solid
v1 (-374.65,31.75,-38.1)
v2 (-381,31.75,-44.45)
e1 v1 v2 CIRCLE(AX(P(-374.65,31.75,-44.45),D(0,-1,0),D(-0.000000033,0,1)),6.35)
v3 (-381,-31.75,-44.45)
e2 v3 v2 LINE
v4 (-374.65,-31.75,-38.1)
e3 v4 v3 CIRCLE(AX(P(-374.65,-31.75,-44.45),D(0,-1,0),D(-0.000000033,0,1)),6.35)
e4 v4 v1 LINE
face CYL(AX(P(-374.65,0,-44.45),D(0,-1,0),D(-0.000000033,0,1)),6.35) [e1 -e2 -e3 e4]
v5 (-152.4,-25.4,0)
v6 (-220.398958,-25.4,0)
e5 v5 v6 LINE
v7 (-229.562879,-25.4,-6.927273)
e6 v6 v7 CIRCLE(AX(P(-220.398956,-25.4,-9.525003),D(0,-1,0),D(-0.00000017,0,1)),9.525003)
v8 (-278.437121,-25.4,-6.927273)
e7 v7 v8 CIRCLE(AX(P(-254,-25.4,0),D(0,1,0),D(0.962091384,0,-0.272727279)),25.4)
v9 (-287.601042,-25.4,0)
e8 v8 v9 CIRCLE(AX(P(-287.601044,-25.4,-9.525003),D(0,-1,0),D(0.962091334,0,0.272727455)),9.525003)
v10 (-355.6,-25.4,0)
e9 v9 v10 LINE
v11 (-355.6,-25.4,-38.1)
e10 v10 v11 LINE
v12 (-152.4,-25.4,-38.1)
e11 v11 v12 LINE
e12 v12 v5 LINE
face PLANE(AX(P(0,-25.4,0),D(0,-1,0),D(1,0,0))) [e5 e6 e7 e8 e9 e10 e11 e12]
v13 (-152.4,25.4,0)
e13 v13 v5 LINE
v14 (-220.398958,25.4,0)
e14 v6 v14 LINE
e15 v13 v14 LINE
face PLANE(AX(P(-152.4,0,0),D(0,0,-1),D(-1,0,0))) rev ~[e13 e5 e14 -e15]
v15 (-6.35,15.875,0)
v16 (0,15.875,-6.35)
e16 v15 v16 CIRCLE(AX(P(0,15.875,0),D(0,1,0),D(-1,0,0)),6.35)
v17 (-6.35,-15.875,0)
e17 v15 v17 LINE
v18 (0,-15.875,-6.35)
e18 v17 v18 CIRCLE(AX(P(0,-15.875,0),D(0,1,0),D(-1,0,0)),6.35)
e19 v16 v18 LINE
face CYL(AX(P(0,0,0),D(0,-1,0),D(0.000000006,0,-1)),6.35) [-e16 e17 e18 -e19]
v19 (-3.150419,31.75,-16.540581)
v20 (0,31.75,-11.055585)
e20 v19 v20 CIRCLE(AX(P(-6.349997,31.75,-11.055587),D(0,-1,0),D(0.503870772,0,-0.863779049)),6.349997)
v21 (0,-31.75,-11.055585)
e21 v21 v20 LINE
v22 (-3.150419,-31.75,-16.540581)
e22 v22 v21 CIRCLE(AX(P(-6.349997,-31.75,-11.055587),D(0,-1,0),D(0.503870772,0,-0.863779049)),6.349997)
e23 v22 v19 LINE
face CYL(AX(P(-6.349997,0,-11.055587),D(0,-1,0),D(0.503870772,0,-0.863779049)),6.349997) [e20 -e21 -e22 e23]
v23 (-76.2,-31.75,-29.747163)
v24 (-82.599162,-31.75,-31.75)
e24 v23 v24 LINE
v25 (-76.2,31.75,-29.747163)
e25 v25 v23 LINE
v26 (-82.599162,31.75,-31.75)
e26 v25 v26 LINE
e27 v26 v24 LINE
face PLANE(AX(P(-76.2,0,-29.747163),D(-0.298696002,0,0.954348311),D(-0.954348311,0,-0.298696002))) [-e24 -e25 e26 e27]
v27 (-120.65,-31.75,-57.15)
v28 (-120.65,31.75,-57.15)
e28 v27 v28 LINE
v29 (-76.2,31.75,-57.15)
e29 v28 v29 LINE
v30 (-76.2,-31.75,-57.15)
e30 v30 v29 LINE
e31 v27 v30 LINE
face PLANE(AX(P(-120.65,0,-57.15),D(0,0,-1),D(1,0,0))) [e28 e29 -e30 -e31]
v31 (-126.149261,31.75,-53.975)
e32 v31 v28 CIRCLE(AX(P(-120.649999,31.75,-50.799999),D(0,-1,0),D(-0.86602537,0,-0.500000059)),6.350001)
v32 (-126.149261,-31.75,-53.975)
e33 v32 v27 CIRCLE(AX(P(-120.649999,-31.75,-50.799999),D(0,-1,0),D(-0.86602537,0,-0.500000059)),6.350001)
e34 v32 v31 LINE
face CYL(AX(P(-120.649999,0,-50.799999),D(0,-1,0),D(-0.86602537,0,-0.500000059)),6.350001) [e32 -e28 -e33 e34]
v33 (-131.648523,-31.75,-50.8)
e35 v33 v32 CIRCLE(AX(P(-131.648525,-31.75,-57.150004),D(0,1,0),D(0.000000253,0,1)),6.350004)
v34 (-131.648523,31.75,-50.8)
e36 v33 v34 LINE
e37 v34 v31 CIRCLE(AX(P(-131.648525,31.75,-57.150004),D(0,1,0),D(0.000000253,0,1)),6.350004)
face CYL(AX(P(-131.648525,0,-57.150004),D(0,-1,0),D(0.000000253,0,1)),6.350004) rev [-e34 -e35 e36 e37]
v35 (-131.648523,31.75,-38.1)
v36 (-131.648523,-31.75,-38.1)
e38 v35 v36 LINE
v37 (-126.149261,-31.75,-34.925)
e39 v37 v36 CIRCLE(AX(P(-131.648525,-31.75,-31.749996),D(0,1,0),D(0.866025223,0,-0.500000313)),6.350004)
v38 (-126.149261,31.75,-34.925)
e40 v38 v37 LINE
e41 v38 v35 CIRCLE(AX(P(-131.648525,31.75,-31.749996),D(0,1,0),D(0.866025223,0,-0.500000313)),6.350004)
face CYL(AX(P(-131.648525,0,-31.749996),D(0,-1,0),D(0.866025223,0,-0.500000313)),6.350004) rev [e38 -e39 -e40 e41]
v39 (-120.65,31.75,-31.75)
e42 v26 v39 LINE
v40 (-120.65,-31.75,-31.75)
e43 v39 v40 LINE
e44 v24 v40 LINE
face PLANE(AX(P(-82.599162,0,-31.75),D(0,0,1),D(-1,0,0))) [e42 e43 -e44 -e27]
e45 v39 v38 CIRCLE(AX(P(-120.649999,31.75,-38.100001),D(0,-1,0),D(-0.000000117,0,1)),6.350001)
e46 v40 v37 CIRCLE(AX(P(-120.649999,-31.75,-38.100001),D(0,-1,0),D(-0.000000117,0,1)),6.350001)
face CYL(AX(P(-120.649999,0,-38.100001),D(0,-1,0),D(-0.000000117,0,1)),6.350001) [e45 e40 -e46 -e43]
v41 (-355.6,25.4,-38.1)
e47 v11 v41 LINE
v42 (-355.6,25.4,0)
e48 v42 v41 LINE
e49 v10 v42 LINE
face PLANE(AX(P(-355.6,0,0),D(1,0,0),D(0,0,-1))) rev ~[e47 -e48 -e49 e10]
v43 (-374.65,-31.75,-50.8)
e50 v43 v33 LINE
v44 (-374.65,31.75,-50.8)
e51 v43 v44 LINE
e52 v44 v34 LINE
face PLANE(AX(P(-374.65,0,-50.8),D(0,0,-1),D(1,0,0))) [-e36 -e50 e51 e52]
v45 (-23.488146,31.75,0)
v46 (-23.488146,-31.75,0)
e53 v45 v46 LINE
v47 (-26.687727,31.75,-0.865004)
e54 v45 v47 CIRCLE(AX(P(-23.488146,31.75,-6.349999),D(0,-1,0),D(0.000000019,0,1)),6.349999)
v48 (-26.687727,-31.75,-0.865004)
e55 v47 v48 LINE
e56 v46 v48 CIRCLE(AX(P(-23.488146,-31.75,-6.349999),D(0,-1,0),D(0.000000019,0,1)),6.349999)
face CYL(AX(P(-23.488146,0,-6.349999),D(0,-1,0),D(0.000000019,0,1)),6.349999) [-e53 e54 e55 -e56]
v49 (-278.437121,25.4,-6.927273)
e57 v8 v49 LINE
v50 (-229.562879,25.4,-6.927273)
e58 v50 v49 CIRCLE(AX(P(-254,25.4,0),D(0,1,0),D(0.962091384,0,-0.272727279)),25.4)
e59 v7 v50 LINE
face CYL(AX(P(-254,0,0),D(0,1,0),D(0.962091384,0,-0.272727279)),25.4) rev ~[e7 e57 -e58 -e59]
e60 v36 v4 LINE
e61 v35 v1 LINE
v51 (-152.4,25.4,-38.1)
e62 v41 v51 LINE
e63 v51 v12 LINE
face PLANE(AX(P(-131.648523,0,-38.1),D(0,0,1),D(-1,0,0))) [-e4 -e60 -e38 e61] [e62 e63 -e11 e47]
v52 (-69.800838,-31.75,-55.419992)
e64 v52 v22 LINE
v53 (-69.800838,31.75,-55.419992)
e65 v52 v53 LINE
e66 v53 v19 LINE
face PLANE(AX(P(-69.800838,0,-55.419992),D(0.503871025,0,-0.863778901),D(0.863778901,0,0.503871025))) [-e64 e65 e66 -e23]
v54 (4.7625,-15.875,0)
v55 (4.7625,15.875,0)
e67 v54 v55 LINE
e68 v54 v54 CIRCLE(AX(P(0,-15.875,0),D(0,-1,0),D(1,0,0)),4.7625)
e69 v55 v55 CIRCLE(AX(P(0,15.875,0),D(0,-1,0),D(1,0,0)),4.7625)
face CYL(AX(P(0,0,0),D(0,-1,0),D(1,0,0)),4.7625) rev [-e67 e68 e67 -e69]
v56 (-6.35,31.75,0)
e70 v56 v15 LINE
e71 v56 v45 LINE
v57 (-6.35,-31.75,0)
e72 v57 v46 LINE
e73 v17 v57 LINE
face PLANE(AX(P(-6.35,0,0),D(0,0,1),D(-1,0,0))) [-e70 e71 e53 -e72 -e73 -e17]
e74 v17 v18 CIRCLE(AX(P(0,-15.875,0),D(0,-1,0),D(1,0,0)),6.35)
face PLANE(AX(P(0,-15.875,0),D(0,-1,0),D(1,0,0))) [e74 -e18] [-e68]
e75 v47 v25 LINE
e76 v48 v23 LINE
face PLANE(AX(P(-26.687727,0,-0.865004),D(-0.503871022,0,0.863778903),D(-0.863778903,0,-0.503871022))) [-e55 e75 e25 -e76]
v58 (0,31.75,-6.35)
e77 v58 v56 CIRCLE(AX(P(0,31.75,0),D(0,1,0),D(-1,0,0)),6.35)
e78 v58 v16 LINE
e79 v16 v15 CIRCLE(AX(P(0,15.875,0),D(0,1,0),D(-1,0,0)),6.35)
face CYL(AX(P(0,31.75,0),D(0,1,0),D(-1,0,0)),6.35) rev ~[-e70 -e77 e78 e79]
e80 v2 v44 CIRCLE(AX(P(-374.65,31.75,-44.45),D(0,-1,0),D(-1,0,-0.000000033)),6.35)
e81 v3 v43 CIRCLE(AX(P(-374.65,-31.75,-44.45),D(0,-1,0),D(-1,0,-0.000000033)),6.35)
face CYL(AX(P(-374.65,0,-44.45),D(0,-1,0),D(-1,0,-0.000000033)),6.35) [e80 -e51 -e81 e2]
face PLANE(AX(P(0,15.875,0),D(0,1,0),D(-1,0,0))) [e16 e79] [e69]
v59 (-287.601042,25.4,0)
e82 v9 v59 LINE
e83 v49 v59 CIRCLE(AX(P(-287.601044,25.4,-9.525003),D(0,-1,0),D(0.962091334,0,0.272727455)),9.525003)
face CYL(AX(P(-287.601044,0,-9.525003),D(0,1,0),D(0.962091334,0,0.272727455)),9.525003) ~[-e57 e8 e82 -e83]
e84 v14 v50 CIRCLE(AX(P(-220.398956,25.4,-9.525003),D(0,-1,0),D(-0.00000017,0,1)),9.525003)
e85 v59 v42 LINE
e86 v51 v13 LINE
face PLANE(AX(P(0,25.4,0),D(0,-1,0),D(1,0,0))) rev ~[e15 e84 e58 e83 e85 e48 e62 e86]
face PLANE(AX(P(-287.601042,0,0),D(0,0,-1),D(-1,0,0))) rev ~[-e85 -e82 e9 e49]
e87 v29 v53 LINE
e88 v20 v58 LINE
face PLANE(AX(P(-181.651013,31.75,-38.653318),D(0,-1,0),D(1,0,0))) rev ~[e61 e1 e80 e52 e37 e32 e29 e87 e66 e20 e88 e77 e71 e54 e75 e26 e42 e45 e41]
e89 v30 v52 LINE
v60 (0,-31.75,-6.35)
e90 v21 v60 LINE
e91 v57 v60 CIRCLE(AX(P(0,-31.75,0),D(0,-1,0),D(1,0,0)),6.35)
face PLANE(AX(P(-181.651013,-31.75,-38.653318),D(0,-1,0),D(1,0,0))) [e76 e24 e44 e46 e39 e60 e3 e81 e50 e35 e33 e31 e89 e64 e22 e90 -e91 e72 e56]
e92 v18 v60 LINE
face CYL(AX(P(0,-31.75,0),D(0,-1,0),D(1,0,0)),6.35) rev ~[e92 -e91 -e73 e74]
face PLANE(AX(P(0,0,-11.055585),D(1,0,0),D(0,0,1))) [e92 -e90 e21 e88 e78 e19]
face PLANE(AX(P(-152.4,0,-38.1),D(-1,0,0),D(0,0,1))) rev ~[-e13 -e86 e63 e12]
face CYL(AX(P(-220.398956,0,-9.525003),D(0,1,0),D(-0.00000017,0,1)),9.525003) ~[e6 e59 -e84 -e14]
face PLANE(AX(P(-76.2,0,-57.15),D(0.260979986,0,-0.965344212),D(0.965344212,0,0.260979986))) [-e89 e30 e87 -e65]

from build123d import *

# Parameters (mm, degrees)
F1_DEPTH      = 31.75
F1_DEPTH_BACK = 31.75
F2_DEPTH      = 25.4
F2_DEPTH_BACK = 25.4
F3_R          = 6.35
F4_DEPTH      = 15.875
F5_R          = 6.35
F6_DEPTH      = 15.875


with BuildPart() as f1:
    # F0 (on Front) → F1 (new body, two sides)
    with BuildSketch(Plane.XZ) as f1_sk:
        with BuildLine():
            Line((0, -11.055585), (0, -6.35))
            ThreePointArc((0, -6.35), (4.490128, 4.490128), (-6.35, 0))
            Line((-6.35, 0), (-23.488146, 0))
            ThreePointArc((-23.488146, 0), (-25.145368, -0.220064), (-26.687727, -0.865004))
            Line((-26.687727, -0.865004), (-76.2, -29.747163))
            Line((-76.2, -29.747163), (-82.599162, -31.75))
            Line((-82.599162, -31.75), (-120.65, -31.75))
            ThreePointArc((-120.65, -31.75), (-123.825, -32.600739), (-126.149261, -34.925))
            ThreePointArc((-126.149261, -34.925), (-128.473523, -37.249261), (-131.648523, -38.1))
            Line((-131.648523, -38.1), (-152.4, -38.1))
            Line((-152.4, -38.1), (-355.6, -38.1))
            Line((-355.6, -38.1), (-374.65, -38.1))
            ThreePointArc((-374.65, -38.1), (-379.140128, -39.959872), (-381, -44.45))
            ThreePointArc((-381, -44.45), (-379.140128, -48.940128), (-374.65, -50.8))
            Line((-374.65, -50.8), (-131.648523, -50.8))
            ThreePointArc((-131.648523, -50.8), (-128.473523, -51.650739), (-126.149261, -53.975))
            ThreePointArc((-126.149261, -53.975), (-123.825, -56.299261), (-120.65, -57.15))
            Line((-120.65, -57.15), (-76.2, -57.15))
            Line((-76.2, -57.15), (-69.800838, -55.419992))
            Line((-69.800838, -55.419992), (-3.150419, -16.540581))
            ThreePointArc((-3.150419, -16.540581), (-0.843647, -14.218271), (0, -11.055585))
        make_face()
        with BuildLine():
            ThreePointArc((-4.7625, 0), (0, 4.7625), (4.7625, 0))
            ThreePointArc((4.7625, 0), (0, -4.7625), (-4.7625, 0))
        make_face(mode=Mode.SUBTRACT)
    extrude(amount=F1_DEPTH)
    extrude(f1_sk.sketch, amount=-F1_DEPTH_BACK)

    # F0 (on Front) → F2 (join, two sides)
    with BuildSketch(Plane.XZ) as f2_sk:
        with BuildLine():
            ThreePointArc((-4.7625, 0), (0, -4.7625), (4.7625, 0))
            ThreePointArc((4.7625, 0), (0, 4.7625), (-4.7625, 0))
        make_face()
        with BuildLine():
            Line((0, -11.055585), (0, -6.35))
            ThreePointArc((0, -6.35), (4.490128, 4.490128), (-6.35, 0))
            Line((-6.35, 0), (-23.488146, 0))
            ThreePointArc((-23.488146, 0), (-25.145368, -0.220064), (-26.687727, -0.865004))
            Line((-26.687727, -0.865004), (-76.2, -29.747163))
            Line((-76.2, -29.747163), (-82.599162, -31.75))
            Line((-82.599162, -31.75), (-120.65, -31.75))
            ThreePointArc((-120.65, -31.75), (-123.825, -32.600739), (-126.149261, -34.925))
            ThreePointArc((-126.149261, -34.925), (-128.473523, -37.249261), (-131.648523, -38.1))
            Line((-131.648523, -38.1), (-152.4, -38.1))
            Line((-152.4, -38.1), (-355.6, -38.1))
            Line((-355.6, -38.1), (-374.65, -38.1))
            ThreePointArc((-374.65, -38.1), (-379.140128, -39.959872), (-381, -44.45))
            ThreePointArc((-381, -44.45), (-379.140128, -48.940128), (-374.65, -50.8))
            Line((-374.65, -50.8), (-131.648523, -50.8))
            ThreePointArc((-131.648523, -50.8), (-128.473523, -51.650739), (-126.149261, -53.975))
            ThreePointArc((-126.149261, -53.975), (-123.825, -56.299261), (-120.65, -57.15))
            Line((-120.65, -57.15), (-76.2, -57.15))
            Line((-76.2, -57.15), (-69.800838, -55.419992))
            Line((-69.800838, -55.419992), (-3.150419, -16.540581))
            ThreePointArc((-3.150419, -16.540581), (-0.843647, -14.218271), (0, -11.055585))
        make_face()
        with BuildLine():
            ThreePointArc((-4.7625, 0), (0, 4.7625), (4.7625, 0))
            ThreePointArc((4.7625, 0), (0, -4.7625), (-4.7625, 0))
        make_face(mode=Mode.SUBTRACT)
        with BuildLine():
            Line((-355.6, -38.1), (-152.4, -38.1))
            Line((-152.4, -38.1), (-152.4, 0))
            Line((-152.4, 0), (-220.398958, 0))
            ThreePointArc((-220.398958, 0), (-226.142749, -1.926679), (-229.562879, -6.927273))
            ThreePointArc((-229.562879, -6.927273), (-254, -25.4), (-278.437121, -6.927273))
            ThreePointArc((-278.437121, -6.927273), (-281.857251, -1.926679), (-287.601042, 0))
            Line((-287.601042, 0), (-355.6, 0))
            Line((-355.6, 0), (-355.6, -38.1))
        make_face()
    extrude(amount=F2_DEPTH)
    extrude(f2_sk.sketch, amount=-F2_DEPTH_BACK)

    # F3 (on face) → F4 (cut)
    with BuildSketch(Plane(origin=(0, 31.75, 0), x_dir=(-1, 0, 0), z_dir=(0, 1, 0))):
        Circle(F3_R)
    extrude(amount=-F4_DEPTH, mode=Mode.SUBTRACT)

    # F5 (on face) → F6 (cut)
    with BuildSketch(Plane.XZ.offset(31.75)):
        Circle(F5_R)
    extrude(amount=-F6_DEPTH, mode=Mode.SUBTRACT)


solid = f1.part
